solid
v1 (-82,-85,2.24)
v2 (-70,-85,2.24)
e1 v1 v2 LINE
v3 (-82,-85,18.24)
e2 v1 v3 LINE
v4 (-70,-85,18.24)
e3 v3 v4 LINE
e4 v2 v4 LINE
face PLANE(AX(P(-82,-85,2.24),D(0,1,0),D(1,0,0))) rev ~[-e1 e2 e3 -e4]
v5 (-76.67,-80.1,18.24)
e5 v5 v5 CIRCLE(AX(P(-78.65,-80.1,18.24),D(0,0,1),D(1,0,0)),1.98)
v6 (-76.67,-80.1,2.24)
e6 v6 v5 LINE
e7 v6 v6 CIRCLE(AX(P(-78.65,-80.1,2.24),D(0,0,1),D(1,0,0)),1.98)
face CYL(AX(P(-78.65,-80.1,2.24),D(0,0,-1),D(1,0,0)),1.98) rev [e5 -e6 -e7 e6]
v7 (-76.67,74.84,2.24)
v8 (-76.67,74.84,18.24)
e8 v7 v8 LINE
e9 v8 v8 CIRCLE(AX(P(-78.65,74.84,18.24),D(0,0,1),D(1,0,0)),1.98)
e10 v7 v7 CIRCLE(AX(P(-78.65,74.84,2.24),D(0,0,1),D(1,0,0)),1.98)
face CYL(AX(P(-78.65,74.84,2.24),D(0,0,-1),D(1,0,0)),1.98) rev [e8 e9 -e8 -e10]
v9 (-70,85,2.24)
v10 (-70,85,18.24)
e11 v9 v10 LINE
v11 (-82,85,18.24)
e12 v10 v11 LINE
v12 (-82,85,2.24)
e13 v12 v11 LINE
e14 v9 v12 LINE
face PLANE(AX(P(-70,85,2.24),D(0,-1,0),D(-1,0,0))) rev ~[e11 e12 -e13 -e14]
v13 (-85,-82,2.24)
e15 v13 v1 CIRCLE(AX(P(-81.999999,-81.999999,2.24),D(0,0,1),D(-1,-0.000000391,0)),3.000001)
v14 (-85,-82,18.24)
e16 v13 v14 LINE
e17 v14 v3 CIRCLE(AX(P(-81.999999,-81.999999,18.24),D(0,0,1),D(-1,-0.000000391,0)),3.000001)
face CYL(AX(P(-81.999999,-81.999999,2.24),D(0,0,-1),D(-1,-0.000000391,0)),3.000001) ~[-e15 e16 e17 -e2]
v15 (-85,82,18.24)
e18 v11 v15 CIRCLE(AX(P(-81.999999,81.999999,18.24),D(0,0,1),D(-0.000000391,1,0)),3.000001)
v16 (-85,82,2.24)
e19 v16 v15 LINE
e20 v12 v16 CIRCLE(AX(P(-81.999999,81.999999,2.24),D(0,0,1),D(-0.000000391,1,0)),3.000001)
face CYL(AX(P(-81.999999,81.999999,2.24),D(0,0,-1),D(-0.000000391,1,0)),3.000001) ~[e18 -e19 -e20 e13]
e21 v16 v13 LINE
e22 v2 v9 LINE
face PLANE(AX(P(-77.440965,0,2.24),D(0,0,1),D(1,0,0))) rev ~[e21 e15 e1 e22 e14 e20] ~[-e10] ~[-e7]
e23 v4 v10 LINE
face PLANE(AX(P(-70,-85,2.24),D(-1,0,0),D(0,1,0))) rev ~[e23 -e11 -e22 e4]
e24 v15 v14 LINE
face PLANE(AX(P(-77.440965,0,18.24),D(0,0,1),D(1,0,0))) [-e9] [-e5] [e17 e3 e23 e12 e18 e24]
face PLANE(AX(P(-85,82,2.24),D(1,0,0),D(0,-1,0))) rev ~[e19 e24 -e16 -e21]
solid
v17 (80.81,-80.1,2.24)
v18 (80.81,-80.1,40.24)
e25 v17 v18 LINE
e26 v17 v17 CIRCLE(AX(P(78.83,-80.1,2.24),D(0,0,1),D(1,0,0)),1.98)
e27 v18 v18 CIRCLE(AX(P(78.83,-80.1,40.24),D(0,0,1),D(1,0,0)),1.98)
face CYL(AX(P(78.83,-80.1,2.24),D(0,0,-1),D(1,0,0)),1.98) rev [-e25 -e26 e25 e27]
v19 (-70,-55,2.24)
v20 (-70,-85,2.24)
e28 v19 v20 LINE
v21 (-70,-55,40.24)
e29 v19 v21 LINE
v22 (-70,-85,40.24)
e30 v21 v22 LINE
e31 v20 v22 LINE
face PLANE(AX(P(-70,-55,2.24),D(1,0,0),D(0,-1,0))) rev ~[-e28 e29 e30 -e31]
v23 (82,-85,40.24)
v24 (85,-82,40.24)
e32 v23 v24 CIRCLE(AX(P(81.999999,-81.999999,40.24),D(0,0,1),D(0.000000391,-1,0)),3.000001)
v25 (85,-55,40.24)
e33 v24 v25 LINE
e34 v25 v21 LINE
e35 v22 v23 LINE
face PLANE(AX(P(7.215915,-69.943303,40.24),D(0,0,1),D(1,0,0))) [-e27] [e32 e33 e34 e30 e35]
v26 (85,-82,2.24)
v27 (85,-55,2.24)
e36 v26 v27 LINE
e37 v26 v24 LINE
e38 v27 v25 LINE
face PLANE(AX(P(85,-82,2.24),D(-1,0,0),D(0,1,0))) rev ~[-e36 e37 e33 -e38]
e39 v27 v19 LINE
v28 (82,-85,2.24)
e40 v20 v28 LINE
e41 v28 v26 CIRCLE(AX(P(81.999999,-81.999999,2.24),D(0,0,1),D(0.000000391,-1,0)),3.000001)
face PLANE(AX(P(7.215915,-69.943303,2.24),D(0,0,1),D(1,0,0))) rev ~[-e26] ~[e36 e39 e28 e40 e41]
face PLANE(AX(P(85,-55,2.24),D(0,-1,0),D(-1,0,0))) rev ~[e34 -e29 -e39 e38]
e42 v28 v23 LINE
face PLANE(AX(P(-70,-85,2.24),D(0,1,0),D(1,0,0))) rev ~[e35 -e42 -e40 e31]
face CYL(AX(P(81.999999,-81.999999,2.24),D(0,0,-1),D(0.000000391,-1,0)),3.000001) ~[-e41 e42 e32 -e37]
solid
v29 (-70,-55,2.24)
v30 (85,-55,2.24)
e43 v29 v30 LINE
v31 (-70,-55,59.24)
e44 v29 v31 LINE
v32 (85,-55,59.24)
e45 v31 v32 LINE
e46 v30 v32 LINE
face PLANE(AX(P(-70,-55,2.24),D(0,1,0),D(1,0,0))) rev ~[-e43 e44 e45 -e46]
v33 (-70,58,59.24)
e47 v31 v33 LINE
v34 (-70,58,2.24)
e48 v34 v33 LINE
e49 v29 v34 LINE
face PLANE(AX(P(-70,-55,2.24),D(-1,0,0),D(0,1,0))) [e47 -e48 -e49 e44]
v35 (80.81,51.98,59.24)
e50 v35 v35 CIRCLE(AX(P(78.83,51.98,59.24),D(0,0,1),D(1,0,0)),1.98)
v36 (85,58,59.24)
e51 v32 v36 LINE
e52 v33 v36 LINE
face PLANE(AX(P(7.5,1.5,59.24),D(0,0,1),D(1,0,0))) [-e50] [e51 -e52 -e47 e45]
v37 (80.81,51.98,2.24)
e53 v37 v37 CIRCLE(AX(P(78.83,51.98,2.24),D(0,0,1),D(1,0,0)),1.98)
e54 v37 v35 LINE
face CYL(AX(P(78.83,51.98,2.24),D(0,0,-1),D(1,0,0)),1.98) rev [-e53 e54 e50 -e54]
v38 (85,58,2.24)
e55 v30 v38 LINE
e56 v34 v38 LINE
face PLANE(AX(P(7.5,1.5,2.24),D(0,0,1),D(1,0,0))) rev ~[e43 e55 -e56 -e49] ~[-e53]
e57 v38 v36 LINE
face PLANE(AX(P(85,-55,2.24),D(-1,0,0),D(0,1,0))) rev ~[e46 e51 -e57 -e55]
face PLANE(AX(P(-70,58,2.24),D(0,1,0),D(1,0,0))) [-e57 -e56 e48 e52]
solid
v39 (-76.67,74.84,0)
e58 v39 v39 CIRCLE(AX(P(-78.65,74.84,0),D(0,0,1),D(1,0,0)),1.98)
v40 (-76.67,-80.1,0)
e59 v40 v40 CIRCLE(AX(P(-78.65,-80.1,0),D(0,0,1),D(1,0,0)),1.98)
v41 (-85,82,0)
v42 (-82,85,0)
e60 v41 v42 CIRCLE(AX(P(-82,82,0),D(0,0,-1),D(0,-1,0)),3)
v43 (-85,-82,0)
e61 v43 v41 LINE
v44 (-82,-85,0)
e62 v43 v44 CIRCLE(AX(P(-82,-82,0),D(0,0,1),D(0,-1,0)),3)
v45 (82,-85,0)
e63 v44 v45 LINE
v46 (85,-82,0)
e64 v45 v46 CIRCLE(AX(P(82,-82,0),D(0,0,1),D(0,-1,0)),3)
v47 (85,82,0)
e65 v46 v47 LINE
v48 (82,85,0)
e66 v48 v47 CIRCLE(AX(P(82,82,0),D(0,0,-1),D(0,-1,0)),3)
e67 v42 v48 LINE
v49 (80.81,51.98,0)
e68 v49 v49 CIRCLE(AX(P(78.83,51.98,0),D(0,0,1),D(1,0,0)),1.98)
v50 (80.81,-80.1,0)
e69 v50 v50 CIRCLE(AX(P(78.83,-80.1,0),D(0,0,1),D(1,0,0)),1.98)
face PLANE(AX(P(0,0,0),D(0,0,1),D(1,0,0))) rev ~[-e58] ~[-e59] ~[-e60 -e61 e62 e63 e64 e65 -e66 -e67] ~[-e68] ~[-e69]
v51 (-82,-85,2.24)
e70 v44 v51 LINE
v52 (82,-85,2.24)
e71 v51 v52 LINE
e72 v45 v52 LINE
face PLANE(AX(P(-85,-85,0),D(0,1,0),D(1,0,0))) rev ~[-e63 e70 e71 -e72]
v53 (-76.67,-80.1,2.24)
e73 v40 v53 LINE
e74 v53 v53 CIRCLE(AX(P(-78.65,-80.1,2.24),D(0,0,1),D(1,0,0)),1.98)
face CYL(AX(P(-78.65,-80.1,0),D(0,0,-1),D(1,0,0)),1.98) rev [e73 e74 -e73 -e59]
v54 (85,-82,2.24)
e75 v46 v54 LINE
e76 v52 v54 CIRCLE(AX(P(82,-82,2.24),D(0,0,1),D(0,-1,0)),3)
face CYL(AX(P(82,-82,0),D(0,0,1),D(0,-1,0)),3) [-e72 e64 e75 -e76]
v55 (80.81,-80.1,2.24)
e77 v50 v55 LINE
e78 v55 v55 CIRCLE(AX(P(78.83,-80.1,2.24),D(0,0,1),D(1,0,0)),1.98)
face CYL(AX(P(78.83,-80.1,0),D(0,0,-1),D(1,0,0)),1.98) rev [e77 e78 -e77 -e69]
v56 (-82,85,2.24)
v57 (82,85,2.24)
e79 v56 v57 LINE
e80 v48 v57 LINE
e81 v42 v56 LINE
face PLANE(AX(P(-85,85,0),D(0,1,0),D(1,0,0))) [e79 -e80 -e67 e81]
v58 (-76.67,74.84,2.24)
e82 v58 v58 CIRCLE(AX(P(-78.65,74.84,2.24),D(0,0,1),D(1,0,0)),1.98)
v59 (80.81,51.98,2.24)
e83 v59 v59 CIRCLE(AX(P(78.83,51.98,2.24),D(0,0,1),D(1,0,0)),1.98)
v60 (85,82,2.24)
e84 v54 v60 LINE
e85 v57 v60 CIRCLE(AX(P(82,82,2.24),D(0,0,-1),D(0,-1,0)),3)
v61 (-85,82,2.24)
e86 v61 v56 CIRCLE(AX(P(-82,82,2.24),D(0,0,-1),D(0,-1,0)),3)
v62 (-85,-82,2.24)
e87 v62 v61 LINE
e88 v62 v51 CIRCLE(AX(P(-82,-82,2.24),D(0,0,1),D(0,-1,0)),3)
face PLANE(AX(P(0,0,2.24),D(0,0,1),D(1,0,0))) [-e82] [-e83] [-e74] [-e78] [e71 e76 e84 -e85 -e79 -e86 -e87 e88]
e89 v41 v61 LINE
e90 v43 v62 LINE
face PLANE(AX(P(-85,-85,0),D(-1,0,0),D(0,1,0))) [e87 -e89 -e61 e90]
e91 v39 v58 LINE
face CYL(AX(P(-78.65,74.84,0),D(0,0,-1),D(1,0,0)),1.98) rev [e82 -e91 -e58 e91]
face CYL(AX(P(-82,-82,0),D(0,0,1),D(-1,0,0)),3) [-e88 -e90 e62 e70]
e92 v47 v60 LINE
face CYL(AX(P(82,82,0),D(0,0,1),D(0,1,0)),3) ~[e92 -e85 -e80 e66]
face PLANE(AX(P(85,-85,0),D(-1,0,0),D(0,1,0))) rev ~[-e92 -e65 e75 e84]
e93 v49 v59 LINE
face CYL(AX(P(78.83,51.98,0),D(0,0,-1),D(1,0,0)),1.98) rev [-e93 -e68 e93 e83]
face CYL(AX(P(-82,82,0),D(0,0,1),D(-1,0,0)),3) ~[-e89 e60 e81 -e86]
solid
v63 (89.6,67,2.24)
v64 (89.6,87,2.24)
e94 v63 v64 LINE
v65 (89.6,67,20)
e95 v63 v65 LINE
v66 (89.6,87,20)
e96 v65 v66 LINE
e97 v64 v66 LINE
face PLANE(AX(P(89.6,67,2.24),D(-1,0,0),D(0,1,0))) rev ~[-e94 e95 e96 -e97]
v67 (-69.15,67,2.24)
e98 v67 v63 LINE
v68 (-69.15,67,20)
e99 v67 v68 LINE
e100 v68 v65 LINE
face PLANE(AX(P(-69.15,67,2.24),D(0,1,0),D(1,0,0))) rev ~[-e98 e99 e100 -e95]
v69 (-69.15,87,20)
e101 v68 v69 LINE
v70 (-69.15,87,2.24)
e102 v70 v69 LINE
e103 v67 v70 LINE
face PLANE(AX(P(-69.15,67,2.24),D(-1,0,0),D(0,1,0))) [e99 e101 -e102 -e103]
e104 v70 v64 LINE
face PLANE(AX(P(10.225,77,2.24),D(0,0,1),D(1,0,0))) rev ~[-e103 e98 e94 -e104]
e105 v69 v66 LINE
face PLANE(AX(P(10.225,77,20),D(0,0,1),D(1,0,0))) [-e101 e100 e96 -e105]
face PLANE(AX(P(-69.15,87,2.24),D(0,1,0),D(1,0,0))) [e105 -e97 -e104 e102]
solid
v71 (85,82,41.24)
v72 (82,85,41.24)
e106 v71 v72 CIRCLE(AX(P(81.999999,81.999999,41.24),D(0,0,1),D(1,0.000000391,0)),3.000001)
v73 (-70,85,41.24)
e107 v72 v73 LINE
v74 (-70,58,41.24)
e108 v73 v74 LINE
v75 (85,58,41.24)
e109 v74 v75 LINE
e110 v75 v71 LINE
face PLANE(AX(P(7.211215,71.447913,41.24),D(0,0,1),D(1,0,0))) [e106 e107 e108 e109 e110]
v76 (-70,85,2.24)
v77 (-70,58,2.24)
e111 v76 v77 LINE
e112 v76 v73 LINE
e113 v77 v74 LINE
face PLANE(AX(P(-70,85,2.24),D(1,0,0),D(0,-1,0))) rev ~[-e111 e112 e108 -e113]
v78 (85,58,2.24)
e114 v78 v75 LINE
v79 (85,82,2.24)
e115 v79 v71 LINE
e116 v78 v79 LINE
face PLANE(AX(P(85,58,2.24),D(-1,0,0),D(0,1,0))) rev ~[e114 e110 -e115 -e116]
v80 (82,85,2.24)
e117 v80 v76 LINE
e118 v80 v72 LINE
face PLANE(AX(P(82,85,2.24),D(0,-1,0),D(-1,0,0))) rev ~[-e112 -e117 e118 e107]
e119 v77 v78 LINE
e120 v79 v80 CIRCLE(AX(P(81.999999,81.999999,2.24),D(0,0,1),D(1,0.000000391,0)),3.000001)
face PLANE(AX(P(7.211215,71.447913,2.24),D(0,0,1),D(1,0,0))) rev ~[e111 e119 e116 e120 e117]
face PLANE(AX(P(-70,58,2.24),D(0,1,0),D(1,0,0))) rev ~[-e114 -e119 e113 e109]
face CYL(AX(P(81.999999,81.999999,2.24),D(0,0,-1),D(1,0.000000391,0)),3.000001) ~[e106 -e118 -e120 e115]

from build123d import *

# Parameters (mm, degrees)
F0_W     = 170
F0_H     = 170
F0_R     = 1.98
F1_DEPTH = 2.24
F2_R     = 3
F3_W     = 158.75
F3_H     = 20
F4_DEPTH = 17.76
F5_R     = 1.98
F6_DEPTH = 16
F7_DEPTH = 39
F8_DEPTH = 38
F5_W     = 155
F5_H     = 113
F9_DEPTH = 57


with BuildPart() as f1:
    # F0 (on Top) → F1 (new body)
    with BuildSketch(Plane.XY):
        Rectangle(F0_W, F0_H)
        with Locations((-78.65, -80.1)):
            Circle(F0_R, mode=Mode.SUBTRACT)
        with Locations((78.83, -80.1)):
            Circle(F0_R, mode=Mode.SUBTRACT)
        with Locations((-78.65, 74.84)):
            Circle(F0_R, mode=Mode.SUBTRACT)
        with Locations((78.83, 51.98)):
            Circle(F0_R, mode=Mode.SUBTRACT)
    extrude(amount=F1_DEPTH)

    # F2
    f2_edges = [f1.edges().sort_by_distance(p)[0] for p in [
        (-85, 85, 1.12),
        (-85, -85, 1.12),
        (85, -85, 1.12),
        (85, 85, 1.12),
    ]]
    fillet(f2_edges, radius=F2_R)


with BuildPart() as f4:
    # F3 (on face) → F4 (new body)
    with BuildSketch(Plane.XY.offset(2.24)):
        with Locations((10.225, 77)):
            Rectangle(F3_W, F3_H)
    extrude(amount=F4_DEPTH)


with BuildPart() as f6:
    # F5 (on face) → F6 (new body)
    with BuildSketch(Plane.XY.offset(2.24)):
        with BuildLine():
            Line((-70, -55), (-70, 58))
            Line((-70, 58), (-70, 85))
            Line((-70, 85), (-82, 85))
            ThreePointArc((-82, 85), (-84.12132, 84.12132), (-85, 82))
            Line((-85, 82), (-85, -82))
            ThreePointArc((-85, -82), (-84.12132, -84.12132), (-82, -85))
            Line((-82, -85), (-70, -85))
            Line((-70, -85), (-70, -55))
        make_face()
        with Locations((-78.65, -80.1)):
            Circle(F5_R, mode=Mode.SUBTRACT)
        with Locations((-78.65, 74.84)):
            Circle(F5_R, mode=Mode.SUBTRACT)
    extrude(amount=F6_DEPTH)


with BuildPart() as f7:
    # F5 (on face) → F7 (new body)
    with BuildSketch(Plane.XY.offset(2.24)):
        with BuildLine():
            Line((-70, 85), (-70, 58))
            Line((-70, 58), (85, 58))
            Line((85, 58), (85, 82))
            ThreePointArc((85, 82), (84.12132, 84.12132), (82, 85))
            Line((82, 85), (-70, 85))
        make_face()
    extrude(amount=F7_DEPTH)


with BuildPart() as f8:
    # F5 (on face) → F8 (new body)
    with BuildSketch(Plane.XY.offset(2.24)):
        with BuildLine():
            Line((85, -55), (-70, -55))
            Line((-70, -55), (-70, -85))
            Line((-70, -85), (82, -85))
            ThreePointArc((82, -85), (84.12132, -84.12132), (85, -82))
            Line((85, -82), (85, -55))
        make_face()
        with Locations((78.83, -80.1)):
            Circle(F5_R, mode=Mode.SUBTRACT)
    extrude(amount=F8_DEPTH)


with BuildPart() as f9:
    # F5 (on face) → F9 (new body)
    with BuildSketch(Plane.XY.offset(2.24)):
        with Locations((7.5, 1.5)):
            Rectangle(F5_W, F5_H)
        with Locations((78.83, 51.98)):
            Circle(F5_R, mode=Mode.SUBTRACT)
    extrude(amount=F9_DEPTH)


solid = Compound([f1.part, f4.part, f6.part, f7.part, f8.part, f9.part])
